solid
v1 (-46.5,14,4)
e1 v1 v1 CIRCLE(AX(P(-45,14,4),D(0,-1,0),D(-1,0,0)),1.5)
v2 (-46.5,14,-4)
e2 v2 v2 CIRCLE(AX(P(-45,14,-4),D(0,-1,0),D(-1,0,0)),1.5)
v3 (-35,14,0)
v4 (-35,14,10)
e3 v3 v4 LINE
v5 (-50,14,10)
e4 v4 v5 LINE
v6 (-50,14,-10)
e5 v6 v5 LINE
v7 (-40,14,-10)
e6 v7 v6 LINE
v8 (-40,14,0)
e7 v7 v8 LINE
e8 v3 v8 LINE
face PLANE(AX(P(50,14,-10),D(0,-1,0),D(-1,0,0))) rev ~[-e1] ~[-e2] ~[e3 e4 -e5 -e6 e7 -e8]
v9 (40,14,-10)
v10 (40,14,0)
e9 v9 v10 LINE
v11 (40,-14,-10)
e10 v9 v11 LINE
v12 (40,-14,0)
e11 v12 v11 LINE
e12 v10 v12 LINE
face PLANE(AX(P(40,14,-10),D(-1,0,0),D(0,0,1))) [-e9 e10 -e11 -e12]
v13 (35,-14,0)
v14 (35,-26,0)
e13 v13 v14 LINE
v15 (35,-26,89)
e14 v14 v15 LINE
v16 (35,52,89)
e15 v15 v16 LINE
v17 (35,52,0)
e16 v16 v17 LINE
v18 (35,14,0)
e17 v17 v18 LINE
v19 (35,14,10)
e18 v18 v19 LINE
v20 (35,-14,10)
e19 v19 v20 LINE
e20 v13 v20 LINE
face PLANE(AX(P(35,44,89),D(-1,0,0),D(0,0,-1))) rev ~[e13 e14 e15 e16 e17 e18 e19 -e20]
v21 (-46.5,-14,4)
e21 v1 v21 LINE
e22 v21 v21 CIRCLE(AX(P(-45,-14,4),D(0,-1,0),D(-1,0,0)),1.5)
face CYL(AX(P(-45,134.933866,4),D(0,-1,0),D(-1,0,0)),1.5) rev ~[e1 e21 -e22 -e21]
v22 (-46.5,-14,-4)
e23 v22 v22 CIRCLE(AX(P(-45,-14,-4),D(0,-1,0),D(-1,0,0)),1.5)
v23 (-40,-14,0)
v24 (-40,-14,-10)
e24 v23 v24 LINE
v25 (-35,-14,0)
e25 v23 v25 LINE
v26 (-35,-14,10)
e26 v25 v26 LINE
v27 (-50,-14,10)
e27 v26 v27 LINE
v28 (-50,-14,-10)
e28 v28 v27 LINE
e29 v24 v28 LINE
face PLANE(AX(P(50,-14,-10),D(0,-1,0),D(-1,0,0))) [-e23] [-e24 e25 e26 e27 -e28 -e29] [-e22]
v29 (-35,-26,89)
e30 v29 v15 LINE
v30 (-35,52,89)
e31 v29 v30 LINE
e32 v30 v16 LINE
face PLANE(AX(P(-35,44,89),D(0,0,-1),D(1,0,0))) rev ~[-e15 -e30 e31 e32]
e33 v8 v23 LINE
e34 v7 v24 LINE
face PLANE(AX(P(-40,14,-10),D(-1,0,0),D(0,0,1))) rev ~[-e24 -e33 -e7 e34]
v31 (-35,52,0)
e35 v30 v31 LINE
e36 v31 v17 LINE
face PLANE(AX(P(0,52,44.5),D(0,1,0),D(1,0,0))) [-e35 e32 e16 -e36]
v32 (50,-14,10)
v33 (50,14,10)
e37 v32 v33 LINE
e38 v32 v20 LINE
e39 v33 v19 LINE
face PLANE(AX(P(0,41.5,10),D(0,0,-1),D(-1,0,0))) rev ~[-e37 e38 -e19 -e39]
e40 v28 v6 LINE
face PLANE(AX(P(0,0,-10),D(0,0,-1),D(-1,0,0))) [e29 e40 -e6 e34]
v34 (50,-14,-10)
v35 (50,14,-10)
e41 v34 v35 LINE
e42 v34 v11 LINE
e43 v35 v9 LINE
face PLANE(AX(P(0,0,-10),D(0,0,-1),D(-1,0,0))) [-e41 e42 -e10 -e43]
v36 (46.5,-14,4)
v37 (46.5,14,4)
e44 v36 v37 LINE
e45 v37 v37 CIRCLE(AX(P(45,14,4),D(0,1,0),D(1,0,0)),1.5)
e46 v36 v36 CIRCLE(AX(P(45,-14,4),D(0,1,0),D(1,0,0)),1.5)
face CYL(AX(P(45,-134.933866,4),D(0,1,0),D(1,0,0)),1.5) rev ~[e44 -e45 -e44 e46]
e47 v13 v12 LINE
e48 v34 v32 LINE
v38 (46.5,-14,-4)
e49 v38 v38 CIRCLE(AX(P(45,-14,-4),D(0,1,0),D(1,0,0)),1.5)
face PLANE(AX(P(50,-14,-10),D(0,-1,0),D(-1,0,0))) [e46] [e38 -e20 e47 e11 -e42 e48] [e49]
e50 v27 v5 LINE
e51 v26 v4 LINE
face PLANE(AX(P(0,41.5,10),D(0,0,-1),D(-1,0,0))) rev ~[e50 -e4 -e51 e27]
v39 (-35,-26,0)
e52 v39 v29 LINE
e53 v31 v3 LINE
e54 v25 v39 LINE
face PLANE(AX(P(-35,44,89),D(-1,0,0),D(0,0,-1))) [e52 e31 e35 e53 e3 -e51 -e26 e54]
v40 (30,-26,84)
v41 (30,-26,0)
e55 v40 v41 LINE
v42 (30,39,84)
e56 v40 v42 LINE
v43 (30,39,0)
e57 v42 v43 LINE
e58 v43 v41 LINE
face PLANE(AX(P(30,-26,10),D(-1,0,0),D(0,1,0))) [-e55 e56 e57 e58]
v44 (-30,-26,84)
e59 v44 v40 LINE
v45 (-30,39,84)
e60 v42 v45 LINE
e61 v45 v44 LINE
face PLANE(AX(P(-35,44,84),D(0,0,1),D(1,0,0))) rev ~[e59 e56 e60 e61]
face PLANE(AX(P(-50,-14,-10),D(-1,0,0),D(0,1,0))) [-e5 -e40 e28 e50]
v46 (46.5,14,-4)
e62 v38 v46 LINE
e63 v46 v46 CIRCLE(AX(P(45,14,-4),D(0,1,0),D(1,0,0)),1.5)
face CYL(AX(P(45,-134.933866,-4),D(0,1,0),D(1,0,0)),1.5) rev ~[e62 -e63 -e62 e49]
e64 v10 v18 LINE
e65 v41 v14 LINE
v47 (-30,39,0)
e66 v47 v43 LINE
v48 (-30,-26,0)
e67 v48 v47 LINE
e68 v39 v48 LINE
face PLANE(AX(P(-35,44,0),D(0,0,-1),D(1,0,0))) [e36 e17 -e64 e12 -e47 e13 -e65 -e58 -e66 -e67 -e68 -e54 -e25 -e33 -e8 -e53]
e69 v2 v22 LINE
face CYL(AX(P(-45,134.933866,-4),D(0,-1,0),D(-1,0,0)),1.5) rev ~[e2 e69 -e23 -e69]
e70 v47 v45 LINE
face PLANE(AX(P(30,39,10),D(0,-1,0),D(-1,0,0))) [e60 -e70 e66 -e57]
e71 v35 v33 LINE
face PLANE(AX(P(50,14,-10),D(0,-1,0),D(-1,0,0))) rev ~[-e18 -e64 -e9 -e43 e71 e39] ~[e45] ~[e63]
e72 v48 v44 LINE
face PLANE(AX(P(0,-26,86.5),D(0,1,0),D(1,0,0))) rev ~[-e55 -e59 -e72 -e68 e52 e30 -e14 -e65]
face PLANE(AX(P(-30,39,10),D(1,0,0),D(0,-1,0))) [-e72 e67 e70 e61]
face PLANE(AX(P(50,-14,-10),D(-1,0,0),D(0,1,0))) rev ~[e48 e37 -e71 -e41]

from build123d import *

# Parameters (mm, degrees)
SKETCH_1_W            = 100
SKETCH_1_H            = 28
EXTRUDE_1_DEPTH       = 20
SKETCH_2_W            = 80
SKETCH_2_H            = 10
CUT_EXTRUDE_1_DEPTH   = 59.172158289
SKETCH_3_W            = 70
SKETCH_3_H            = 10
EXTRUDE_2_DEPTH       = 25
SKETCH_4_W            = 70
SKETCH_4_H            = 10
EXTRUDE_3_DEPTH       = 12
HOLE_WIZARD_3_0_3_1_D = 3
HOLE_WIZARD_3_0_3_2_D = 3
SKETCH_13_W           = 70
SKETCH_13_H           = 5
EXTRUDE_4_DEPTH       = 10
CUT_EXTRUDE_3_DEPTH   = 10
EXTRUDE_5_DEPTH       = 74
SKETCH_17_W           = 70
SKETCH_17_H           = 5
EXTRUDE_6_DEPTH       = 70
SKETCH_18_W           = 70
SKETCH_18_H           = 89
EXTRUDE_7_DEPTH       = 8


with BuildPart() as part:
    # 草图1 → 凸台-拉伸1 (new body)
    with BuildSketch(Plane(origin=(0, 0, -10), x_dir=(-1, 0, 0), z_dir=(0, 0, -1))):
        Rectangle(SKETCH_1_W, SKETCH_1_H)
    extrude(amount=-EXTRUDE_1_DEPTH)

    # 草图2 → 切除-拉伸1 (cut, through all)
    with BuildSketch(Plane(origin=(0, 14, 0), x_dir=(-1, 0, 0), z_dir=(0, 1, 0))):
        with Locations((0, -5)):
            Rectangle(SKETCH_2_W, SKETCH_2_H)
    extrude(amount=-CUT_EXTRUDE_1_DEPTH, mode=Mode.SUBTRACT)

    # 草图3 → 凸台-拉伸2 (add)
    with BuildSketch(Plane(origin=(0, 14, 0), x_dir=(-1, 0, 0), z_dir=(0, 1, 0))):
        with Locations((0, 5)):
            Rectangle(SKETCH_3_W, SKETCH_3_H)
    extrude(amount=EXTRUDE_2_DEPTH)

    # 草图4 → 凸台-拉伸3 (add)
    with BuildSketch(Plane.XZ.offset(14)):
        with Locations((0, 5)):
            Rectangle(SKETCH_4_W, SKETCH_4_H)
    extrude(amount=EXTRUDE_3_DEPTH)

    # Ø3.0 (3) 直径孔1 (through all)
    with Locations(Plane(origin=(0, 14, 0), x_dir=(1, 0, 0), z_dir=(0, 1, 0))):
        with Locations((-45, -4), (-45, 4)):
            Hole(HOLE_WIZARD_3_0_3_1_D / 2)

    # Ø3.0 (3) 直径孔2 (through all)
    with Locations(Plane(origin=(0, -14, 0), x_dir=(-1, 0, 0), z_dir=(0, -1, 0))):
        with Locations((-45, 4), (-45, -4)):
            Hole(HOLE_WIZARD_3_0_3_2_D / 2)

    # 草图13 → 凸台-拉伸4 (add)
    with BuildSketch(Plane(origin=(0, 0, 0), x_dir=(-1, 0, 0), z_dir=(0, 0, -1))):
        with Locations((0, 41.5)):
            Rectangle(SKETCH_13_W, SKETCH_13_H)
    extrude(amount=-EXTRUDE_4_DEPTH)

    # 草图15 → 切除-拉伸3 (cut)
    with BuildSketch(Plane(origin=(0, 0, 0), x_dir=(-1, 0, 0), z_dir=(0, 0, -1))):
        Polygon((0, -26), (30, -26), (30, 39), (-30, 39), (-30, -26), align=None)
    extrude(amount=-CUT_EXTRUDE_3_DEPTH, mode=Mode.SUBTRACT)

    # 草图16 → 凸台-拉伸5 (add)
    with BuildSketch(Plane.XY.offset(10)):
        Polygon((-35, -26), (-35, 44), (35, 44), (35, -26), (30, -26), (30, 39), (-30, 39), (-30, -26), align=None)
    extrude(amount=EXTRUDE_5_DEPTH)

    # 草图17 → 凸台-拉伸6 (add)
    with BuildSketch(Plane(origin=(0, 44, 0), x_dir=(1, 0, 0), z_dir=(0, 1, 0))):
        with Locations((0, -86.5)):
            Rectangle(SKETCH_17_W, SKETCH_17_H)
    extrude(amount=-EXTRUDE_6_DEPTH)

    # 草图18 → 凸台-拉伸7 (add)
    with BuildSketch(Plane(origin=(0, 44, 0), x_dir=(1, 0, 0), z_dir=(0, 1, 0))):
        with Locations((0, -44.5)):
            Rectangle(SKETCH_18_W, SKETCH_18_H)
    extrude(amount=EXTRUDE_7_DEPTH)


solid = part.part
